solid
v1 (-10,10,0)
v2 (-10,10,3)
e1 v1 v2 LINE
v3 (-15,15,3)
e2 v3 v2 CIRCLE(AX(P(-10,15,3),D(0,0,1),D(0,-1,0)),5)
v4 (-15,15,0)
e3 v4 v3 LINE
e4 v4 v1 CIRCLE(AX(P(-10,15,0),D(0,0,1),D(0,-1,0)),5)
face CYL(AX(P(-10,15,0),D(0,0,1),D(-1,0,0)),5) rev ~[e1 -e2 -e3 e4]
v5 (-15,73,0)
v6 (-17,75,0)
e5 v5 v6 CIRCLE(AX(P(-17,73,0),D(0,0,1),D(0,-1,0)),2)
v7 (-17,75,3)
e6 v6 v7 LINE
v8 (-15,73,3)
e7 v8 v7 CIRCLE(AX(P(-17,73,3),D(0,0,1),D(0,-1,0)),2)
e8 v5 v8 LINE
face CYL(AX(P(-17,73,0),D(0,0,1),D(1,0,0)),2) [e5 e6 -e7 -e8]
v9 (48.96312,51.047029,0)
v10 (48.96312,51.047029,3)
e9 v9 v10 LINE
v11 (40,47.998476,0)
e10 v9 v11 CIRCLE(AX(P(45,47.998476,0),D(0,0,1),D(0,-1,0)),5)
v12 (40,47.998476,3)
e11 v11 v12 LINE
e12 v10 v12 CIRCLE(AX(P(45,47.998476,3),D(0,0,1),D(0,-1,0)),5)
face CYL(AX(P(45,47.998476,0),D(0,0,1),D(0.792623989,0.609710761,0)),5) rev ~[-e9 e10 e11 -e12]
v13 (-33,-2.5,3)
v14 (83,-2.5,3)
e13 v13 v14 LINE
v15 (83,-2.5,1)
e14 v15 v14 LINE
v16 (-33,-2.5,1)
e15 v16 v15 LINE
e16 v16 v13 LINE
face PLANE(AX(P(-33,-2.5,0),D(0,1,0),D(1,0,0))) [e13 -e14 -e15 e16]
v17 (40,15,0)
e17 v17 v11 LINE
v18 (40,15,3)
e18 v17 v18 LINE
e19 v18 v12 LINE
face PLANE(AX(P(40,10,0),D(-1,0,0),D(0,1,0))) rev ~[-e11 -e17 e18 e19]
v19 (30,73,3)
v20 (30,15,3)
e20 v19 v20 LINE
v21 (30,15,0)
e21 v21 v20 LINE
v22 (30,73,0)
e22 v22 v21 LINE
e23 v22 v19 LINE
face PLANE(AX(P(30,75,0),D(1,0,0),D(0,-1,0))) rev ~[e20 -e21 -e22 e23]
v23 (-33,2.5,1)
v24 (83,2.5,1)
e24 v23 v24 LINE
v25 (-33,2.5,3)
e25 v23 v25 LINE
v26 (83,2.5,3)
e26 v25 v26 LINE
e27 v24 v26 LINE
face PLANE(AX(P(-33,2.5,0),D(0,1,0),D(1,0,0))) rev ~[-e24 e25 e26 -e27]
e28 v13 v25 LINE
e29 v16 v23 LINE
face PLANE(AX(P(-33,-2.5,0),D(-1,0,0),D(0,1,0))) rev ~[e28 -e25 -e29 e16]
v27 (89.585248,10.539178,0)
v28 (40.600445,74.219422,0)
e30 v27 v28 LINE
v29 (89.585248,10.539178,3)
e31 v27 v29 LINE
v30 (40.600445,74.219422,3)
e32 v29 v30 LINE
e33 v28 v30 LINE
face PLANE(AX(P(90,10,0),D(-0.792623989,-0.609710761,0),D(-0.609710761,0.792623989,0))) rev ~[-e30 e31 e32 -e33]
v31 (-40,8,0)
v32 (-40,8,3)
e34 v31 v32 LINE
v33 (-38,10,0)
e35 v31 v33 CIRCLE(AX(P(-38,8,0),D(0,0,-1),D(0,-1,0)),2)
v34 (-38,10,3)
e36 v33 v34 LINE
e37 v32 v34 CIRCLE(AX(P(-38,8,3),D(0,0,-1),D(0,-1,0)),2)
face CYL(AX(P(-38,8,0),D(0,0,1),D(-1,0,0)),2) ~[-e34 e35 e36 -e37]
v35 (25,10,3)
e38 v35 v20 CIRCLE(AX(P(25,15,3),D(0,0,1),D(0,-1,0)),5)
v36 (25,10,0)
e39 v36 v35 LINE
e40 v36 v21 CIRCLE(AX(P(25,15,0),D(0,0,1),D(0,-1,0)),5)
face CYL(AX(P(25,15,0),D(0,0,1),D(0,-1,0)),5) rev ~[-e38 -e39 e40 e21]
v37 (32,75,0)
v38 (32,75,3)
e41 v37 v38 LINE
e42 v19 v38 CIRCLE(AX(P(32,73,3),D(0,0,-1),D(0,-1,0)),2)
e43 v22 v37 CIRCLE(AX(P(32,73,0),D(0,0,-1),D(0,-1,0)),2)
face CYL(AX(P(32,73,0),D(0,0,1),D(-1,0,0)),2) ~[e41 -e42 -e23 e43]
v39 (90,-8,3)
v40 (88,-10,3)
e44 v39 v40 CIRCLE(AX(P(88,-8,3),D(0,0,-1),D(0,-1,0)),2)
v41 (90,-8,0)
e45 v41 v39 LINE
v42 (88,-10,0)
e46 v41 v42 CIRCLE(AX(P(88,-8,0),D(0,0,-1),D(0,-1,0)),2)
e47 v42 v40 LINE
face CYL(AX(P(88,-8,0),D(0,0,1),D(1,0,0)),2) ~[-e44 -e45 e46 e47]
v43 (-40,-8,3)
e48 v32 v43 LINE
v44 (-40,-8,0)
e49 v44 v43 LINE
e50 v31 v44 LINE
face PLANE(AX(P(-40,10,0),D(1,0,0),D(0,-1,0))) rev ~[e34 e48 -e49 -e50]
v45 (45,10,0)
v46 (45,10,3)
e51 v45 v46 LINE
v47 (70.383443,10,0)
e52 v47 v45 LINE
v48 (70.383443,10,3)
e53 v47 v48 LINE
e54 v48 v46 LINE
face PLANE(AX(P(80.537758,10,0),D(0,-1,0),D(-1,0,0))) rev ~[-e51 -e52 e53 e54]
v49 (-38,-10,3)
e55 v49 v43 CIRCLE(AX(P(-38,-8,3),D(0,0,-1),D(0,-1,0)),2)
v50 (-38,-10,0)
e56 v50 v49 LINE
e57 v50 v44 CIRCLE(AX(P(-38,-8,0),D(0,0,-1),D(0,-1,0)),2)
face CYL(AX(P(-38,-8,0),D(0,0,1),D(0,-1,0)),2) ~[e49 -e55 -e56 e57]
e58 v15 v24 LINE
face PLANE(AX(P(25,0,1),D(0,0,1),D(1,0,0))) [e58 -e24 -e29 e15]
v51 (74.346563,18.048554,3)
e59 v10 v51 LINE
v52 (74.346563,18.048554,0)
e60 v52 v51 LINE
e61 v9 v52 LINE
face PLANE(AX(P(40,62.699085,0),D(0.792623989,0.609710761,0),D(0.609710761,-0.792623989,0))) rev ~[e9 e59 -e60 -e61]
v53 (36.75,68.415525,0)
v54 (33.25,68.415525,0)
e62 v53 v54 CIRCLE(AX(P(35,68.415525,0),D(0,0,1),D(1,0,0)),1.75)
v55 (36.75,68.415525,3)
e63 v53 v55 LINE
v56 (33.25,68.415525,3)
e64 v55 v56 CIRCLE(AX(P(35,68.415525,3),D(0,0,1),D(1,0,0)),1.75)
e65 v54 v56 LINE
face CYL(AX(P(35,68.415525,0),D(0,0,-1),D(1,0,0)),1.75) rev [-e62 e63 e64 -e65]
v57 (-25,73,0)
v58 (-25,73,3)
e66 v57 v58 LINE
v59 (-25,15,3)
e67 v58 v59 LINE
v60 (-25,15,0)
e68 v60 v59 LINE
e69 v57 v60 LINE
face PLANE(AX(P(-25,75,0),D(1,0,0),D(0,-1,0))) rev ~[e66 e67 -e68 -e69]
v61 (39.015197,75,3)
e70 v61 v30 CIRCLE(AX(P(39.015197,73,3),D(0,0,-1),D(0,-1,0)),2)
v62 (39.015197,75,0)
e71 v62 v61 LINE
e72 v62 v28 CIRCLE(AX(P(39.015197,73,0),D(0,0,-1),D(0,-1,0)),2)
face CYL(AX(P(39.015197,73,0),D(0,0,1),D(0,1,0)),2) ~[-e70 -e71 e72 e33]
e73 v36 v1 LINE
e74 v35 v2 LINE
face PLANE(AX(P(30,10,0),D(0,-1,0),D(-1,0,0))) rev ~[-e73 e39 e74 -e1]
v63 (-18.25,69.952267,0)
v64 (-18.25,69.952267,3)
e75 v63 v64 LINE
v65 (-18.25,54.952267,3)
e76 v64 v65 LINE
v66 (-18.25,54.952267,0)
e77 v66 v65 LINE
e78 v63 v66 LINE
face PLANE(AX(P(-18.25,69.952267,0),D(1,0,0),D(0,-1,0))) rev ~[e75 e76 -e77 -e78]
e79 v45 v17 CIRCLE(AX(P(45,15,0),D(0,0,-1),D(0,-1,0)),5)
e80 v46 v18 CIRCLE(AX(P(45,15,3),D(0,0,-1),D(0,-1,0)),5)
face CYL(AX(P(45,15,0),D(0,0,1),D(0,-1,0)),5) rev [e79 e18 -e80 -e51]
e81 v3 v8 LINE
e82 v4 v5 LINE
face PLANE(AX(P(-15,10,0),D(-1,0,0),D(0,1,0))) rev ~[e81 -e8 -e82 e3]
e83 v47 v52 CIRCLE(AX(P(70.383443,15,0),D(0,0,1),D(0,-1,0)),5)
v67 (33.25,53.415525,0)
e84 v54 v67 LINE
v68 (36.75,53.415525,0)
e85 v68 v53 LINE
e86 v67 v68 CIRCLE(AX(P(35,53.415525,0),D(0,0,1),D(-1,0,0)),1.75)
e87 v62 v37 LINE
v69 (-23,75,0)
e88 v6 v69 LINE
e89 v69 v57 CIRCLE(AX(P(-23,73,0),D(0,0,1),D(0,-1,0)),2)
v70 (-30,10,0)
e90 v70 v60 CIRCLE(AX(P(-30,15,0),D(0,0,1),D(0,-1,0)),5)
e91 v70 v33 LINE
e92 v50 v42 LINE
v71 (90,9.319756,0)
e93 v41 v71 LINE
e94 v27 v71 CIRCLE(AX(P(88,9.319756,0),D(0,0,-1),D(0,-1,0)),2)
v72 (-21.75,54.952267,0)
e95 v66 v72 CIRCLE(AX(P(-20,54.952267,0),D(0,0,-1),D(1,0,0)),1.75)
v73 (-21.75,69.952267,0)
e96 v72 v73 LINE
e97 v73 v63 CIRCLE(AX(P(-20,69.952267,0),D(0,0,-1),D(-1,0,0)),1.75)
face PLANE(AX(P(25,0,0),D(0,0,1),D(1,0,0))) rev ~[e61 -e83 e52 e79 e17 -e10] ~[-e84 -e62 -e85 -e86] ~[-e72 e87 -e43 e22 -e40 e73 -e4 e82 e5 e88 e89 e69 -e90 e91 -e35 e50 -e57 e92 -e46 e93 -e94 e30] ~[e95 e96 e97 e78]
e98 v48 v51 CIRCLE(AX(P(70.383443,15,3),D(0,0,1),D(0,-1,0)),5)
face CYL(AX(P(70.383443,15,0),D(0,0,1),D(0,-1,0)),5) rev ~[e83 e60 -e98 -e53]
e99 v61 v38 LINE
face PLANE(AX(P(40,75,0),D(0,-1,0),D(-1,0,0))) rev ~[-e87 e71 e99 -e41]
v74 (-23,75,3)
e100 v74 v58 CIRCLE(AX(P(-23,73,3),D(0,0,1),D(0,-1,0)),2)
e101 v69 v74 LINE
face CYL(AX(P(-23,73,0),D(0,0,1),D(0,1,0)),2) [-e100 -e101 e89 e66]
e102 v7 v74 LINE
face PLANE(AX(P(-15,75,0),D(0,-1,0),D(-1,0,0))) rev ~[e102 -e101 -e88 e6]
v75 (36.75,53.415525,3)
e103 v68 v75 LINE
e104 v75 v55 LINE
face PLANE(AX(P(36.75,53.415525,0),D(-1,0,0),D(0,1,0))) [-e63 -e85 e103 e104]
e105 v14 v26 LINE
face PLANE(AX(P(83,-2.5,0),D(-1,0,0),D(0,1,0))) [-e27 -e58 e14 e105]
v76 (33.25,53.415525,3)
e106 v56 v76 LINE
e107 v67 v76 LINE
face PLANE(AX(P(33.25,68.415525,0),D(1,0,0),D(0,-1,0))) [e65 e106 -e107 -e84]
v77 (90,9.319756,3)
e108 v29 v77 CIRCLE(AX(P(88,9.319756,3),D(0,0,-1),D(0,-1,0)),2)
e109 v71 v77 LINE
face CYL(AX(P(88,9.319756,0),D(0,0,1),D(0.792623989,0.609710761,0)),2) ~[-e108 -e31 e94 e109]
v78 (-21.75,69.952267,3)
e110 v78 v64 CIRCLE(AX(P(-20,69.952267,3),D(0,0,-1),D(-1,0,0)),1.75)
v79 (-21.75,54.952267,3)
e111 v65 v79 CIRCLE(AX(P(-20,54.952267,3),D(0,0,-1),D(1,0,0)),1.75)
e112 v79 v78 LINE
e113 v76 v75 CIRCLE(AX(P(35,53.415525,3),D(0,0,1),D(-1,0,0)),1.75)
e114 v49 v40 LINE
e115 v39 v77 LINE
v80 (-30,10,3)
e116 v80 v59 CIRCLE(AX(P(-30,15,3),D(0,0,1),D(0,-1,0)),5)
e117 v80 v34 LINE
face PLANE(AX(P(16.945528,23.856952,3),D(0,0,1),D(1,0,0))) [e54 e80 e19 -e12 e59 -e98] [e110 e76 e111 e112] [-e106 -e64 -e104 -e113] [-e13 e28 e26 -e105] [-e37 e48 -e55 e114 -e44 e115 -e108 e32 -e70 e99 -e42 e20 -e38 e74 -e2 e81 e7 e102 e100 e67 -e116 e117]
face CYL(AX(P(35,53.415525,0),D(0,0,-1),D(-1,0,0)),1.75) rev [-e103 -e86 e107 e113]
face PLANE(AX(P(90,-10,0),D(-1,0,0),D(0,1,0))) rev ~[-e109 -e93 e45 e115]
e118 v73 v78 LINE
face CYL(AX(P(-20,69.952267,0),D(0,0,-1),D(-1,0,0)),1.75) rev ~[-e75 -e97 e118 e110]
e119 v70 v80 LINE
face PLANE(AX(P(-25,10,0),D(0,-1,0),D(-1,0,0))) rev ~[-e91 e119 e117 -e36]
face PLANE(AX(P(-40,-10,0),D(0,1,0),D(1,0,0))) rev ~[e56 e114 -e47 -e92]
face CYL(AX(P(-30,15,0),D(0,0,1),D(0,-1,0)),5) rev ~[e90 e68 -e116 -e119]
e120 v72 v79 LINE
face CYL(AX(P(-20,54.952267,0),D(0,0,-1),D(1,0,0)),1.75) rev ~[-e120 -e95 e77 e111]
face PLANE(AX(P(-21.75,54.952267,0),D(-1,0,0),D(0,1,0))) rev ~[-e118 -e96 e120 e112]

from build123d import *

# Parameters (mm, degrees)
CROQUIS1_W              = 116
CROQUIS1_H              = 5
SALIENTE_EXTRUIR1_DEPTH = 3
CROQUIS1_3_W            = 116
CROQUIS1_3_H            = 5
SALIENTE_EXTRUIR2_DEPTH = 1
REDONDEO1_R             = 5
REDONDEO2_R             = 2


with BuildPart() as part:
    # Croquis1 → Saliente-Extruir1 (new body)
    with BuildSketch(Plane.XY):
        Polygon((-40, 10), (-40, -10), (40, -10), (90, -10), (90, 10), (40, 75), (30, 75), (30, 10), (-15, 10), (-15, 75), (-25, 75), (-25, 10), align=None)
        Polygon((40, 10), (40, 62.6990854), (80.537758, 10), align=None, mode=Mode.SUBTRACT)
        with BuildLine():
            Line((33.25, 68.415525287), (33.25, 53.415525287))
            ThreePointArc((33.25, 53.415525287), (35, 51.665525287), (36.75, 53.415525287))
            Line((36.75, 53.415525287), (36.75, 68.415525287))
            ThreePointArc((36.75, 68.415525287), (35, 70.165525287), (33.25, 68.415525287))
        make_face(mode=Mode.SUBTRACT)
        with Locations((25, 0)):
            Rectangle(CROQUIS1_W, CROQUIS1_H, mode=Mode.SUBTRACT)
        with BuildLine():
            Line((-18.25, 69.952267229), (-18.25, 54.952267229))
            ThreePointArc((-18.25, 54.952267229), (-20, 53.202267229), (-21.75, 54.952267229))
            Line((-21.75, 54.952267229), (-21.75, 69.952267229))
            ThreePointArc((-21.75, 69.952267229), (-20, 71.702267229), (-18.25, 69.952267229))
        make_face(mode=Mode.SUBTRACT)
    extrude(amount=SALIENTE_EXTRUIR1_DEPTH)

    # Croquis1<3> → Saliente-Extruir2 (add)
    with BuildSketch(Plane.XY):
        with Locations((25, 0)):
            Rectangle(CROQUIS1_3_W, CROQUIS1_3_H)
    extrude(amount=SALIENTE_EXTRUIR2_DEPTH)

    # Redondeo1
    redondeo1_edges = [part.edges().sort_by_distance(p)[0] for p in [
        (-25, 10, 1.5),
        (-15, 10, 1.5),
        (30, 10, 1.5),
        (40, 10, 1.5),
        (80.537758, 10, 1.5),
        (40, 62.6990854, 1.5),
    ]]
    fillet(redondeo1_edges, radius=REDONDEO1_R)

    # Redondeo2
    redondeo2_edges = [part.edges().sort_by_distance(p)[0] for p in [
        (-25, 75, 1.5),
        (-15, 75, 1.5),
        (30, 75, 1.5),
        (40, 75, 1.5),
        (90, 10, 1.5),
        (90, -10, 1.5),
        (-40, -10, 1.5),
        (-40, 10, 1.5),
    ]]
    fillet(redondeo2_edges, radius=REDONDEO2_R)


solid = part.part
